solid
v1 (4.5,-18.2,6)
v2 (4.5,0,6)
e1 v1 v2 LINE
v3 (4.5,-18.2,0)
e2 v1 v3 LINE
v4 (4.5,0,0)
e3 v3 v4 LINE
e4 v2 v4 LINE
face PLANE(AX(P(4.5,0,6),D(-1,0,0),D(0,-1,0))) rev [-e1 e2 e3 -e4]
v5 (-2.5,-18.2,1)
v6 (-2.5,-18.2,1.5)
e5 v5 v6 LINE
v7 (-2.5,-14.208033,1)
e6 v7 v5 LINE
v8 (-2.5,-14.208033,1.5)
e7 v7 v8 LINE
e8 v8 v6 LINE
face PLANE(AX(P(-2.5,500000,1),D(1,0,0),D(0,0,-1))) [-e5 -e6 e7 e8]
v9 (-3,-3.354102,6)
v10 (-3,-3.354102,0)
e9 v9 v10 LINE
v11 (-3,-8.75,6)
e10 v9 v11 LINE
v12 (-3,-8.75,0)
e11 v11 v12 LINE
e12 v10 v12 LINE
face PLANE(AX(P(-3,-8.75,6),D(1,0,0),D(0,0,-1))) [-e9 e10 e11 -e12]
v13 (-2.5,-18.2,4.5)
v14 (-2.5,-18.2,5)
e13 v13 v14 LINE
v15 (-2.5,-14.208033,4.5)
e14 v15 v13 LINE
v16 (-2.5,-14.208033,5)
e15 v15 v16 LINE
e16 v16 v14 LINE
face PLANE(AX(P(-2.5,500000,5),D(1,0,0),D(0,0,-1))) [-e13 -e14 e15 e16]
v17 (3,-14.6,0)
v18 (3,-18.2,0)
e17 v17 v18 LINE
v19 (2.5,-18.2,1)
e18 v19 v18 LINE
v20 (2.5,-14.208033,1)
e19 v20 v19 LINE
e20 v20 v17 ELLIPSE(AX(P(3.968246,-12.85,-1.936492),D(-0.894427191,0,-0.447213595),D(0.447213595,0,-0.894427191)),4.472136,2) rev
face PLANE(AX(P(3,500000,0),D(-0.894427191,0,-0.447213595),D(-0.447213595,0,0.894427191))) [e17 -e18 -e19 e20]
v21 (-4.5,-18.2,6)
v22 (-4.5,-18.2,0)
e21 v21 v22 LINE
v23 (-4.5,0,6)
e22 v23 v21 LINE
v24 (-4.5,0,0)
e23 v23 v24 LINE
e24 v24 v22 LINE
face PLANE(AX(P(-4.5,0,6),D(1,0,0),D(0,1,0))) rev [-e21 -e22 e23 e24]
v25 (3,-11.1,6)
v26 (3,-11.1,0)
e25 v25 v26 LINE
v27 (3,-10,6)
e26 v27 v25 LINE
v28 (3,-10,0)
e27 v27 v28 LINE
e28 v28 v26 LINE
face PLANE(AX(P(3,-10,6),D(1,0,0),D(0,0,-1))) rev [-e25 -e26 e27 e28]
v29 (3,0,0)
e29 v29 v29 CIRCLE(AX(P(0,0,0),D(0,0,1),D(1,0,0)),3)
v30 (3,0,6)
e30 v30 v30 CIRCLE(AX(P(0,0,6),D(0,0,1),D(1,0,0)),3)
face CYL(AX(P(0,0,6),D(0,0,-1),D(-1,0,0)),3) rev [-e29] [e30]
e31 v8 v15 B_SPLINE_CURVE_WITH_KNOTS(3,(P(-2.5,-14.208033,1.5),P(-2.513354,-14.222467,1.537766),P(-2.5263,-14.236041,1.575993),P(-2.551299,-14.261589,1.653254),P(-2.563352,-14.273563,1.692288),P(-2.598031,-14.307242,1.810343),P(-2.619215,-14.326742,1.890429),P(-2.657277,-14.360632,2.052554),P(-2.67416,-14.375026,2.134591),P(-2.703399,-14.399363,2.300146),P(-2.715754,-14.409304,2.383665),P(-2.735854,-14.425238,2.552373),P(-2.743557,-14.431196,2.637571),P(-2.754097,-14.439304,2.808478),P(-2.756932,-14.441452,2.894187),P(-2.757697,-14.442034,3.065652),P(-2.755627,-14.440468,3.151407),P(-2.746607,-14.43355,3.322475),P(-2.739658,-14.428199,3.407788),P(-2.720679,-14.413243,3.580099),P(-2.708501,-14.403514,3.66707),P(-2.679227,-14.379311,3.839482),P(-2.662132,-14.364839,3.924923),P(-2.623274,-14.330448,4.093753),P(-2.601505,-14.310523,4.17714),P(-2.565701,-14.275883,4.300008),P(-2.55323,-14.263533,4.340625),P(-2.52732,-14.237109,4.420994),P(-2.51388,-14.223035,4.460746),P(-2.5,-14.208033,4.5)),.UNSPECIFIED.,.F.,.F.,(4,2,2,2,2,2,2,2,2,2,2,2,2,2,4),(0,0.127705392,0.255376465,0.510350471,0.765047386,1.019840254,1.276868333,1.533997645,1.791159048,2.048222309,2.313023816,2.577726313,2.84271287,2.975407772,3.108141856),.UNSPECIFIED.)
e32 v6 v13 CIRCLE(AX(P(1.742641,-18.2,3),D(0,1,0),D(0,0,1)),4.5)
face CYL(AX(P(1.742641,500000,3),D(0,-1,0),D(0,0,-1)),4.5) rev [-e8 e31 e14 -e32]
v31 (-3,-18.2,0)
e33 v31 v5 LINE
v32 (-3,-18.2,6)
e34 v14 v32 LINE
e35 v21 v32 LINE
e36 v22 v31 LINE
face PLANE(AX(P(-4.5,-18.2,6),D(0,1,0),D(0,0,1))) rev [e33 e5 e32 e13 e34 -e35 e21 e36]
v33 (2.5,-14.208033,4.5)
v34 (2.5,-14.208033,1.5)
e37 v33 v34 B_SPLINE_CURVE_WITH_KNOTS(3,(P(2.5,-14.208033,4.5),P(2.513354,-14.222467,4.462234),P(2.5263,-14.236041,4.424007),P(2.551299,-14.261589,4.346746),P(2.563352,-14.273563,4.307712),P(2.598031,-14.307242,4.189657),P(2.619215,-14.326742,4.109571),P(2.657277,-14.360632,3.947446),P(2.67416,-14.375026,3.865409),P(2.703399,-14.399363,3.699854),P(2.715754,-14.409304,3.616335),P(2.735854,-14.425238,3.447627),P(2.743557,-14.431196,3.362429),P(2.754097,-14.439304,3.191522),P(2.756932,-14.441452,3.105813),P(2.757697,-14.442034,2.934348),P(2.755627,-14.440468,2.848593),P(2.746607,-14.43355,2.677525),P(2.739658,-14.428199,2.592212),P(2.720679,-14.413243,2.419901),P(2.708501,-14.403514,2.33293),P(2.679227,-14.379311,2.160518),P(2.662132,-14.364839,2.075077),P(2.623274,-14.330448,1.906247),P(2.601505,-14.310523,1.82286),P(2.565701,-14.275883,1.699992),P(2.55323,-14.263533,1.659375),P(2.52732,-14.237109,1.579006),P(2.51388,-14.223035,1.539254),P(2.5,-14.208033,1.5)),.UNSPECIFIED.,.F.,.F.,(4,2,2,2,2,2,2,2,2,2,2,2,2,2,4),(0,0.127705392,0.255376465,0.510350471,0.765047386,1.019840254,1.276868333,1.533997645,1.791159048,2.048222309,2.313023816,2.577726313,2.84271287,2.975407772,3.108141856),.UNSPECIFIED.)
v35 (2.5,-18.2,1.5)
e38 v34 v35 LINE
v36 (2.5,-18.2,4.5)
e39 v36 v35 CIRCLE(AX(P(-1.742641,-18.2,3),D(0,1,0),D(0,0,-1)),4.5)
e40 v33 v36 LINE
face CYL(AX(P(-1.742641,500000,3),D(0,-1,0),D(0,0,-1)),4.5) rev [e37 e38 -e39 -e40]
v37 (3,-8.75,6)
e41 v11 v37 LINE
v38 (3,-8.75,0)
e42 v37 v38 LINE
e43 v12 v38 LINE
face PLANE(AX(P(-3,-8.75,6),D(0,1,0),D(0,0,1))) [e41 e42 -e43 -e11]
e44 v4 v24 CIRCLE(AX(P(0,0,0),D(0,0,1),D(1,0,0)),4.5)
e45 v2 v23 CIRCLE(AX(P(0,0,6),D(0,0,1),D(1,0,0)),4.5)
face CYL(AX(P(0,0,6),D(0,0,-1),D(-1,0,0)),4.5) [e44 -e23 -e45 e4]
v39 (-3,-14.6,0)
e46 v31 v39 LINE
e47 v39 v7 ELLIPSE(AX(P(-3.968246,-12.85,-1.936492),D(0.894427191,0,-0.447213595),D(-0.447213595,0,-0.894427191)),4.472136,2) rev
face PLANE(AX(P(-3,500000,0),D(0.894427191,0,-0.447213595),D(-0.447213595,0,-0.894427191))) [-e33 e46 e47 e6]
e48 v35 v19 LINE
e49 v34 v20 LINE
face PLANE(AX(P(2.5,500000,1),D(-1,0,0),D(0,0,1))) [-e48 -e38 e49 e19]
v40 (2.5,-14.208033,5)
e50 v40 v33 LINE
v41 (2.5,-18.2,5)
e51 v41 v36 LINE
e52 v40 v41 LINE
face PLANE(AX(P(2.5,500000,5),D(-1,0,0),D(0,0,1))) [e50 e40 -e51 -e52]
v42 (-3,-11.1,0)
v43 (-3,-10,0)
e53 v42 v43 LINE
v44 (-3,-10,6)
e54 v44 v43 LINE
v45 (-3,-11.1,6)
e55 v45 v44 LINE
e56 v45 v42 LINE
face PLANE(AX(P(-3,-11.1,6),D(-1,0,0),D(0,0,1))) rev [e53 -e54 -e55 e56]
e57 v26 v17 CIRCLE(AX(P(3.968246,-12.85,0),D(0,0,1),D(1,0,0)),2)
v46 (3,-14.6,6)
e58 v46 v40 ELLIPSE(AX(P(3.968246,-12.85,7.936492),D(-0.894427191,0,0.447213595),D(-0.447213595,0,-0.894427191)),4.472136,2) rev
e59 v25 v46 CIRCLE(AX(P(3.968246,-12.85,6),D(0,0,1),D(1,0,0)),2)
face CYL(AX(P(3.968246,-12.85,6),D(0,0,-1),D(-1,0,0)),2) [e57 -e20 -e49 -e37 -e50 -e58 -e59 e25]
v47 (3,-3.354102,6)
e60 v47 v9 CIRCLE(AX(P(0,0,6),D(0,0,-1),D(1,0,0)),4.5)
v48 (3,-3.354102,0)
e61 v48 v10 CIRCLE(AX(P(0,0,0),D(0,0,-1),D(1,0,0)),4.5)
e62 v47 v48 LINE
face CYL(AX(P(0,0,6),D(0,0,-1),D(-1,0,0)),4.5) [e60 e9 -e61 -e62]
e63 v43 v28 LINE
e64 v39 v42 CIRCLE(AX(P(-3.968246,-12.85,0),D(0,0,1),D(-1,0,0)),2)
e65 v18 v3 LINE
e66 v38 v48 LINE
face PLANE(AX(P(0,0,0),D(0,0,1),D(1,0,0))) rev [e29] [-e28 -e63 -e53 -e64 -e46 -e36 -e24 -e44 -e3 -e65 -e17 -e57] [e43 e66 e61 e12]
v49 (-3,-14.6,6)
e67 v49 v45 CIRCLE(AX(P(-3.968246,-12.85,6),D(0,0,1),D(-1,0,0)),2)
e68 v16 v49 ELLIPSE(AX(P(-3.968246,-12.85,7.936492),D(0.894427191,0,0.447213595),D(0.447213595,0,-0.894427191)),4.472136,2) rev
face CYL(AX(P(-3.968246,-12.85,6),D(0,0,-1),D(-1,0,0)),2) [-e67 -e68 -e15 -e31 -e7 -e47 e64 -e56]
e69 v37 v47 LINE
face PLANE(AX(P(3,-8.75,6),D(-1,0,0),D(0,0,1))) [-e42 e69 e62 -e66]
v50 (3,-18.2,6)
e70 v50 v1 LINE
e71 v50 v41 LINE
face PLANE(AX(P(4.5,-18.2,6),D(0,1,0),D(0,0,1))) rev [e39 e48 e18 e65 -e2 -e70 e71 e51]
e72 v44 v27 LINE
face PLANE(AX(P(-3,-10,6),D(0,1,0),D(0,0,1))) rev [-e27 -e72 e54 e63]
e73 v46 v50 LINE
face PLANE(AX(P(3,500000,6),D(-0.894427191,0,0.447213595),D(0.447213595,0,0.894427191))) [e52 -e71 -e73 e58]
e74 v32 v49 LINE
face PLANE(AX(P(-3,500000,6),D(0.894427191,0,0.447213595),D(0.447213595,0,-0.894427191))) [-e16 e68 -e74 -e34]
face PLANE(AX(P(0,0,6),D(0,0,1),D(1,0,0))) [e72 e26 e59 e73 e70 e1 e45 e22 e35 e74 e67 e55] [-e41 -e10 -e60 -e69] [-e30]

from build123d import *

# Parameters (mm, degrees)
EXTRUDE_1_DEPTH     = 6
SKETCH_2_R          = 3
CUT_EXTRUDE_1_DEPTH = 7
EXTRUDE_2_REACH     = 24.7


with BuildPart() as part:
    # 草图1 → 凸台-拉伸1 (new body)
    with BuildSketch(Plane.XY):
        with BuildLine():
            Line((-4.5, 0), (-4.5, -18.2))
            Line((-4.5, -18.2), (-3, -18.2))
            Line((-3, -18.2), (-3, -14.6))
            ThreePointArc((-3, -14.6), (-1.968245837, -12.85), (-3, -11.1))
            Line((-3, -11.1), (-3, -10))
            Line((-3, -10), (3, -10))
            Line((3, -10), (3, -11.1))
            ThreePointArc((3, -11.1), (1.968245837, -12.85), (3, -14.6))
            Line((3, -14.6), (3, -18.2))
            Line((3, -18.2), (4.5, -18.2))
            Line((4.5, -18.2), (4.5, 0))
            ThreePointArc((4.5, 0), (0, 4.5), (-4.5, 0))
        make_face()
    extrude(amount=EXTRUDE_1_DEPTH)

    # 草图2 → 切除-拉伸1 (cut, through all)
    with BuildSketch(Plane.XY):
        Circle(SKETCH_2_R)
        with BuildLine():
            Line((-3, -8.75), (-3, -3.354101966))
            ThreePointArc((-3, -3.354101966), (0, -4.5), (3, -3.354101966))
            Line((3, -3.354101966), (3, -8.75))
            Line((3, -8.75), (-3, -8.75))
        make_face()
    extrude(amount=CUT_EXTRUDE_1_DEPTH, mode=Mode.SUBTRACT)

    # 草图3 → 凸台-拉伸2 (add, up to next)
    with BuildSketch(Plane.XZ.offset(18.2), mode=Mode.PRIVATE) as extrude_2_sk1:
        with BuildLine():
            Line((-3, 6), (-3, 0))
            Line((-3, 0), (-2.5, 1))
            Line((-2.5, 1), (-2.5, 1.5))
            ThreePointArc((-2.5, 1.5), (-2.757359313, 3), (-2.5, 4.5))
            Line((-2.5, 4.5), (-2.5, 5))
            Line((-2.5, 5), (-3, 6))
        make_face()
    extrude_2_tool1 = extrude(extrude_2_sk1.sketch, amount=-EXTRUDE_2_REACH, mode=Mode.PRIVATE) - part.part
    add(extrude_2_tool1.solids().sort_by_distance((-2.809362, -18.2, 3))[0])
    # 草图3 → 凸台-拉伸2 (add, up to next)
    with BuildSketch(Plane.XZ.offset(18.2), mode=Mode.PRIVATE) as extrude_2_sk2:
        with BuildLine():
            Line((3, 0), (2.5, 1))
            Line((2.5, 1), (2.5, 1.5))
            ThreePointArc((2.5, 1.5), (2.757359313, 3), (2.5, 4.5))
            Line((2.5, 4.5), (2.5, 5))
            Line((2.5, 5), (3, 6))
            Line((3, 6), (3, 0))
        make_face()
    extrude_2_tool2 = extrude(extrude_2_sk2.sketch, amount=-EXTRUDE_2_REACH, mode=Mode.PRIVATE) - part.part
    add(extrude_2_tool2.solids().sort_by_distance((2.809362, -18.2, 3))[0])


solid = part.part
